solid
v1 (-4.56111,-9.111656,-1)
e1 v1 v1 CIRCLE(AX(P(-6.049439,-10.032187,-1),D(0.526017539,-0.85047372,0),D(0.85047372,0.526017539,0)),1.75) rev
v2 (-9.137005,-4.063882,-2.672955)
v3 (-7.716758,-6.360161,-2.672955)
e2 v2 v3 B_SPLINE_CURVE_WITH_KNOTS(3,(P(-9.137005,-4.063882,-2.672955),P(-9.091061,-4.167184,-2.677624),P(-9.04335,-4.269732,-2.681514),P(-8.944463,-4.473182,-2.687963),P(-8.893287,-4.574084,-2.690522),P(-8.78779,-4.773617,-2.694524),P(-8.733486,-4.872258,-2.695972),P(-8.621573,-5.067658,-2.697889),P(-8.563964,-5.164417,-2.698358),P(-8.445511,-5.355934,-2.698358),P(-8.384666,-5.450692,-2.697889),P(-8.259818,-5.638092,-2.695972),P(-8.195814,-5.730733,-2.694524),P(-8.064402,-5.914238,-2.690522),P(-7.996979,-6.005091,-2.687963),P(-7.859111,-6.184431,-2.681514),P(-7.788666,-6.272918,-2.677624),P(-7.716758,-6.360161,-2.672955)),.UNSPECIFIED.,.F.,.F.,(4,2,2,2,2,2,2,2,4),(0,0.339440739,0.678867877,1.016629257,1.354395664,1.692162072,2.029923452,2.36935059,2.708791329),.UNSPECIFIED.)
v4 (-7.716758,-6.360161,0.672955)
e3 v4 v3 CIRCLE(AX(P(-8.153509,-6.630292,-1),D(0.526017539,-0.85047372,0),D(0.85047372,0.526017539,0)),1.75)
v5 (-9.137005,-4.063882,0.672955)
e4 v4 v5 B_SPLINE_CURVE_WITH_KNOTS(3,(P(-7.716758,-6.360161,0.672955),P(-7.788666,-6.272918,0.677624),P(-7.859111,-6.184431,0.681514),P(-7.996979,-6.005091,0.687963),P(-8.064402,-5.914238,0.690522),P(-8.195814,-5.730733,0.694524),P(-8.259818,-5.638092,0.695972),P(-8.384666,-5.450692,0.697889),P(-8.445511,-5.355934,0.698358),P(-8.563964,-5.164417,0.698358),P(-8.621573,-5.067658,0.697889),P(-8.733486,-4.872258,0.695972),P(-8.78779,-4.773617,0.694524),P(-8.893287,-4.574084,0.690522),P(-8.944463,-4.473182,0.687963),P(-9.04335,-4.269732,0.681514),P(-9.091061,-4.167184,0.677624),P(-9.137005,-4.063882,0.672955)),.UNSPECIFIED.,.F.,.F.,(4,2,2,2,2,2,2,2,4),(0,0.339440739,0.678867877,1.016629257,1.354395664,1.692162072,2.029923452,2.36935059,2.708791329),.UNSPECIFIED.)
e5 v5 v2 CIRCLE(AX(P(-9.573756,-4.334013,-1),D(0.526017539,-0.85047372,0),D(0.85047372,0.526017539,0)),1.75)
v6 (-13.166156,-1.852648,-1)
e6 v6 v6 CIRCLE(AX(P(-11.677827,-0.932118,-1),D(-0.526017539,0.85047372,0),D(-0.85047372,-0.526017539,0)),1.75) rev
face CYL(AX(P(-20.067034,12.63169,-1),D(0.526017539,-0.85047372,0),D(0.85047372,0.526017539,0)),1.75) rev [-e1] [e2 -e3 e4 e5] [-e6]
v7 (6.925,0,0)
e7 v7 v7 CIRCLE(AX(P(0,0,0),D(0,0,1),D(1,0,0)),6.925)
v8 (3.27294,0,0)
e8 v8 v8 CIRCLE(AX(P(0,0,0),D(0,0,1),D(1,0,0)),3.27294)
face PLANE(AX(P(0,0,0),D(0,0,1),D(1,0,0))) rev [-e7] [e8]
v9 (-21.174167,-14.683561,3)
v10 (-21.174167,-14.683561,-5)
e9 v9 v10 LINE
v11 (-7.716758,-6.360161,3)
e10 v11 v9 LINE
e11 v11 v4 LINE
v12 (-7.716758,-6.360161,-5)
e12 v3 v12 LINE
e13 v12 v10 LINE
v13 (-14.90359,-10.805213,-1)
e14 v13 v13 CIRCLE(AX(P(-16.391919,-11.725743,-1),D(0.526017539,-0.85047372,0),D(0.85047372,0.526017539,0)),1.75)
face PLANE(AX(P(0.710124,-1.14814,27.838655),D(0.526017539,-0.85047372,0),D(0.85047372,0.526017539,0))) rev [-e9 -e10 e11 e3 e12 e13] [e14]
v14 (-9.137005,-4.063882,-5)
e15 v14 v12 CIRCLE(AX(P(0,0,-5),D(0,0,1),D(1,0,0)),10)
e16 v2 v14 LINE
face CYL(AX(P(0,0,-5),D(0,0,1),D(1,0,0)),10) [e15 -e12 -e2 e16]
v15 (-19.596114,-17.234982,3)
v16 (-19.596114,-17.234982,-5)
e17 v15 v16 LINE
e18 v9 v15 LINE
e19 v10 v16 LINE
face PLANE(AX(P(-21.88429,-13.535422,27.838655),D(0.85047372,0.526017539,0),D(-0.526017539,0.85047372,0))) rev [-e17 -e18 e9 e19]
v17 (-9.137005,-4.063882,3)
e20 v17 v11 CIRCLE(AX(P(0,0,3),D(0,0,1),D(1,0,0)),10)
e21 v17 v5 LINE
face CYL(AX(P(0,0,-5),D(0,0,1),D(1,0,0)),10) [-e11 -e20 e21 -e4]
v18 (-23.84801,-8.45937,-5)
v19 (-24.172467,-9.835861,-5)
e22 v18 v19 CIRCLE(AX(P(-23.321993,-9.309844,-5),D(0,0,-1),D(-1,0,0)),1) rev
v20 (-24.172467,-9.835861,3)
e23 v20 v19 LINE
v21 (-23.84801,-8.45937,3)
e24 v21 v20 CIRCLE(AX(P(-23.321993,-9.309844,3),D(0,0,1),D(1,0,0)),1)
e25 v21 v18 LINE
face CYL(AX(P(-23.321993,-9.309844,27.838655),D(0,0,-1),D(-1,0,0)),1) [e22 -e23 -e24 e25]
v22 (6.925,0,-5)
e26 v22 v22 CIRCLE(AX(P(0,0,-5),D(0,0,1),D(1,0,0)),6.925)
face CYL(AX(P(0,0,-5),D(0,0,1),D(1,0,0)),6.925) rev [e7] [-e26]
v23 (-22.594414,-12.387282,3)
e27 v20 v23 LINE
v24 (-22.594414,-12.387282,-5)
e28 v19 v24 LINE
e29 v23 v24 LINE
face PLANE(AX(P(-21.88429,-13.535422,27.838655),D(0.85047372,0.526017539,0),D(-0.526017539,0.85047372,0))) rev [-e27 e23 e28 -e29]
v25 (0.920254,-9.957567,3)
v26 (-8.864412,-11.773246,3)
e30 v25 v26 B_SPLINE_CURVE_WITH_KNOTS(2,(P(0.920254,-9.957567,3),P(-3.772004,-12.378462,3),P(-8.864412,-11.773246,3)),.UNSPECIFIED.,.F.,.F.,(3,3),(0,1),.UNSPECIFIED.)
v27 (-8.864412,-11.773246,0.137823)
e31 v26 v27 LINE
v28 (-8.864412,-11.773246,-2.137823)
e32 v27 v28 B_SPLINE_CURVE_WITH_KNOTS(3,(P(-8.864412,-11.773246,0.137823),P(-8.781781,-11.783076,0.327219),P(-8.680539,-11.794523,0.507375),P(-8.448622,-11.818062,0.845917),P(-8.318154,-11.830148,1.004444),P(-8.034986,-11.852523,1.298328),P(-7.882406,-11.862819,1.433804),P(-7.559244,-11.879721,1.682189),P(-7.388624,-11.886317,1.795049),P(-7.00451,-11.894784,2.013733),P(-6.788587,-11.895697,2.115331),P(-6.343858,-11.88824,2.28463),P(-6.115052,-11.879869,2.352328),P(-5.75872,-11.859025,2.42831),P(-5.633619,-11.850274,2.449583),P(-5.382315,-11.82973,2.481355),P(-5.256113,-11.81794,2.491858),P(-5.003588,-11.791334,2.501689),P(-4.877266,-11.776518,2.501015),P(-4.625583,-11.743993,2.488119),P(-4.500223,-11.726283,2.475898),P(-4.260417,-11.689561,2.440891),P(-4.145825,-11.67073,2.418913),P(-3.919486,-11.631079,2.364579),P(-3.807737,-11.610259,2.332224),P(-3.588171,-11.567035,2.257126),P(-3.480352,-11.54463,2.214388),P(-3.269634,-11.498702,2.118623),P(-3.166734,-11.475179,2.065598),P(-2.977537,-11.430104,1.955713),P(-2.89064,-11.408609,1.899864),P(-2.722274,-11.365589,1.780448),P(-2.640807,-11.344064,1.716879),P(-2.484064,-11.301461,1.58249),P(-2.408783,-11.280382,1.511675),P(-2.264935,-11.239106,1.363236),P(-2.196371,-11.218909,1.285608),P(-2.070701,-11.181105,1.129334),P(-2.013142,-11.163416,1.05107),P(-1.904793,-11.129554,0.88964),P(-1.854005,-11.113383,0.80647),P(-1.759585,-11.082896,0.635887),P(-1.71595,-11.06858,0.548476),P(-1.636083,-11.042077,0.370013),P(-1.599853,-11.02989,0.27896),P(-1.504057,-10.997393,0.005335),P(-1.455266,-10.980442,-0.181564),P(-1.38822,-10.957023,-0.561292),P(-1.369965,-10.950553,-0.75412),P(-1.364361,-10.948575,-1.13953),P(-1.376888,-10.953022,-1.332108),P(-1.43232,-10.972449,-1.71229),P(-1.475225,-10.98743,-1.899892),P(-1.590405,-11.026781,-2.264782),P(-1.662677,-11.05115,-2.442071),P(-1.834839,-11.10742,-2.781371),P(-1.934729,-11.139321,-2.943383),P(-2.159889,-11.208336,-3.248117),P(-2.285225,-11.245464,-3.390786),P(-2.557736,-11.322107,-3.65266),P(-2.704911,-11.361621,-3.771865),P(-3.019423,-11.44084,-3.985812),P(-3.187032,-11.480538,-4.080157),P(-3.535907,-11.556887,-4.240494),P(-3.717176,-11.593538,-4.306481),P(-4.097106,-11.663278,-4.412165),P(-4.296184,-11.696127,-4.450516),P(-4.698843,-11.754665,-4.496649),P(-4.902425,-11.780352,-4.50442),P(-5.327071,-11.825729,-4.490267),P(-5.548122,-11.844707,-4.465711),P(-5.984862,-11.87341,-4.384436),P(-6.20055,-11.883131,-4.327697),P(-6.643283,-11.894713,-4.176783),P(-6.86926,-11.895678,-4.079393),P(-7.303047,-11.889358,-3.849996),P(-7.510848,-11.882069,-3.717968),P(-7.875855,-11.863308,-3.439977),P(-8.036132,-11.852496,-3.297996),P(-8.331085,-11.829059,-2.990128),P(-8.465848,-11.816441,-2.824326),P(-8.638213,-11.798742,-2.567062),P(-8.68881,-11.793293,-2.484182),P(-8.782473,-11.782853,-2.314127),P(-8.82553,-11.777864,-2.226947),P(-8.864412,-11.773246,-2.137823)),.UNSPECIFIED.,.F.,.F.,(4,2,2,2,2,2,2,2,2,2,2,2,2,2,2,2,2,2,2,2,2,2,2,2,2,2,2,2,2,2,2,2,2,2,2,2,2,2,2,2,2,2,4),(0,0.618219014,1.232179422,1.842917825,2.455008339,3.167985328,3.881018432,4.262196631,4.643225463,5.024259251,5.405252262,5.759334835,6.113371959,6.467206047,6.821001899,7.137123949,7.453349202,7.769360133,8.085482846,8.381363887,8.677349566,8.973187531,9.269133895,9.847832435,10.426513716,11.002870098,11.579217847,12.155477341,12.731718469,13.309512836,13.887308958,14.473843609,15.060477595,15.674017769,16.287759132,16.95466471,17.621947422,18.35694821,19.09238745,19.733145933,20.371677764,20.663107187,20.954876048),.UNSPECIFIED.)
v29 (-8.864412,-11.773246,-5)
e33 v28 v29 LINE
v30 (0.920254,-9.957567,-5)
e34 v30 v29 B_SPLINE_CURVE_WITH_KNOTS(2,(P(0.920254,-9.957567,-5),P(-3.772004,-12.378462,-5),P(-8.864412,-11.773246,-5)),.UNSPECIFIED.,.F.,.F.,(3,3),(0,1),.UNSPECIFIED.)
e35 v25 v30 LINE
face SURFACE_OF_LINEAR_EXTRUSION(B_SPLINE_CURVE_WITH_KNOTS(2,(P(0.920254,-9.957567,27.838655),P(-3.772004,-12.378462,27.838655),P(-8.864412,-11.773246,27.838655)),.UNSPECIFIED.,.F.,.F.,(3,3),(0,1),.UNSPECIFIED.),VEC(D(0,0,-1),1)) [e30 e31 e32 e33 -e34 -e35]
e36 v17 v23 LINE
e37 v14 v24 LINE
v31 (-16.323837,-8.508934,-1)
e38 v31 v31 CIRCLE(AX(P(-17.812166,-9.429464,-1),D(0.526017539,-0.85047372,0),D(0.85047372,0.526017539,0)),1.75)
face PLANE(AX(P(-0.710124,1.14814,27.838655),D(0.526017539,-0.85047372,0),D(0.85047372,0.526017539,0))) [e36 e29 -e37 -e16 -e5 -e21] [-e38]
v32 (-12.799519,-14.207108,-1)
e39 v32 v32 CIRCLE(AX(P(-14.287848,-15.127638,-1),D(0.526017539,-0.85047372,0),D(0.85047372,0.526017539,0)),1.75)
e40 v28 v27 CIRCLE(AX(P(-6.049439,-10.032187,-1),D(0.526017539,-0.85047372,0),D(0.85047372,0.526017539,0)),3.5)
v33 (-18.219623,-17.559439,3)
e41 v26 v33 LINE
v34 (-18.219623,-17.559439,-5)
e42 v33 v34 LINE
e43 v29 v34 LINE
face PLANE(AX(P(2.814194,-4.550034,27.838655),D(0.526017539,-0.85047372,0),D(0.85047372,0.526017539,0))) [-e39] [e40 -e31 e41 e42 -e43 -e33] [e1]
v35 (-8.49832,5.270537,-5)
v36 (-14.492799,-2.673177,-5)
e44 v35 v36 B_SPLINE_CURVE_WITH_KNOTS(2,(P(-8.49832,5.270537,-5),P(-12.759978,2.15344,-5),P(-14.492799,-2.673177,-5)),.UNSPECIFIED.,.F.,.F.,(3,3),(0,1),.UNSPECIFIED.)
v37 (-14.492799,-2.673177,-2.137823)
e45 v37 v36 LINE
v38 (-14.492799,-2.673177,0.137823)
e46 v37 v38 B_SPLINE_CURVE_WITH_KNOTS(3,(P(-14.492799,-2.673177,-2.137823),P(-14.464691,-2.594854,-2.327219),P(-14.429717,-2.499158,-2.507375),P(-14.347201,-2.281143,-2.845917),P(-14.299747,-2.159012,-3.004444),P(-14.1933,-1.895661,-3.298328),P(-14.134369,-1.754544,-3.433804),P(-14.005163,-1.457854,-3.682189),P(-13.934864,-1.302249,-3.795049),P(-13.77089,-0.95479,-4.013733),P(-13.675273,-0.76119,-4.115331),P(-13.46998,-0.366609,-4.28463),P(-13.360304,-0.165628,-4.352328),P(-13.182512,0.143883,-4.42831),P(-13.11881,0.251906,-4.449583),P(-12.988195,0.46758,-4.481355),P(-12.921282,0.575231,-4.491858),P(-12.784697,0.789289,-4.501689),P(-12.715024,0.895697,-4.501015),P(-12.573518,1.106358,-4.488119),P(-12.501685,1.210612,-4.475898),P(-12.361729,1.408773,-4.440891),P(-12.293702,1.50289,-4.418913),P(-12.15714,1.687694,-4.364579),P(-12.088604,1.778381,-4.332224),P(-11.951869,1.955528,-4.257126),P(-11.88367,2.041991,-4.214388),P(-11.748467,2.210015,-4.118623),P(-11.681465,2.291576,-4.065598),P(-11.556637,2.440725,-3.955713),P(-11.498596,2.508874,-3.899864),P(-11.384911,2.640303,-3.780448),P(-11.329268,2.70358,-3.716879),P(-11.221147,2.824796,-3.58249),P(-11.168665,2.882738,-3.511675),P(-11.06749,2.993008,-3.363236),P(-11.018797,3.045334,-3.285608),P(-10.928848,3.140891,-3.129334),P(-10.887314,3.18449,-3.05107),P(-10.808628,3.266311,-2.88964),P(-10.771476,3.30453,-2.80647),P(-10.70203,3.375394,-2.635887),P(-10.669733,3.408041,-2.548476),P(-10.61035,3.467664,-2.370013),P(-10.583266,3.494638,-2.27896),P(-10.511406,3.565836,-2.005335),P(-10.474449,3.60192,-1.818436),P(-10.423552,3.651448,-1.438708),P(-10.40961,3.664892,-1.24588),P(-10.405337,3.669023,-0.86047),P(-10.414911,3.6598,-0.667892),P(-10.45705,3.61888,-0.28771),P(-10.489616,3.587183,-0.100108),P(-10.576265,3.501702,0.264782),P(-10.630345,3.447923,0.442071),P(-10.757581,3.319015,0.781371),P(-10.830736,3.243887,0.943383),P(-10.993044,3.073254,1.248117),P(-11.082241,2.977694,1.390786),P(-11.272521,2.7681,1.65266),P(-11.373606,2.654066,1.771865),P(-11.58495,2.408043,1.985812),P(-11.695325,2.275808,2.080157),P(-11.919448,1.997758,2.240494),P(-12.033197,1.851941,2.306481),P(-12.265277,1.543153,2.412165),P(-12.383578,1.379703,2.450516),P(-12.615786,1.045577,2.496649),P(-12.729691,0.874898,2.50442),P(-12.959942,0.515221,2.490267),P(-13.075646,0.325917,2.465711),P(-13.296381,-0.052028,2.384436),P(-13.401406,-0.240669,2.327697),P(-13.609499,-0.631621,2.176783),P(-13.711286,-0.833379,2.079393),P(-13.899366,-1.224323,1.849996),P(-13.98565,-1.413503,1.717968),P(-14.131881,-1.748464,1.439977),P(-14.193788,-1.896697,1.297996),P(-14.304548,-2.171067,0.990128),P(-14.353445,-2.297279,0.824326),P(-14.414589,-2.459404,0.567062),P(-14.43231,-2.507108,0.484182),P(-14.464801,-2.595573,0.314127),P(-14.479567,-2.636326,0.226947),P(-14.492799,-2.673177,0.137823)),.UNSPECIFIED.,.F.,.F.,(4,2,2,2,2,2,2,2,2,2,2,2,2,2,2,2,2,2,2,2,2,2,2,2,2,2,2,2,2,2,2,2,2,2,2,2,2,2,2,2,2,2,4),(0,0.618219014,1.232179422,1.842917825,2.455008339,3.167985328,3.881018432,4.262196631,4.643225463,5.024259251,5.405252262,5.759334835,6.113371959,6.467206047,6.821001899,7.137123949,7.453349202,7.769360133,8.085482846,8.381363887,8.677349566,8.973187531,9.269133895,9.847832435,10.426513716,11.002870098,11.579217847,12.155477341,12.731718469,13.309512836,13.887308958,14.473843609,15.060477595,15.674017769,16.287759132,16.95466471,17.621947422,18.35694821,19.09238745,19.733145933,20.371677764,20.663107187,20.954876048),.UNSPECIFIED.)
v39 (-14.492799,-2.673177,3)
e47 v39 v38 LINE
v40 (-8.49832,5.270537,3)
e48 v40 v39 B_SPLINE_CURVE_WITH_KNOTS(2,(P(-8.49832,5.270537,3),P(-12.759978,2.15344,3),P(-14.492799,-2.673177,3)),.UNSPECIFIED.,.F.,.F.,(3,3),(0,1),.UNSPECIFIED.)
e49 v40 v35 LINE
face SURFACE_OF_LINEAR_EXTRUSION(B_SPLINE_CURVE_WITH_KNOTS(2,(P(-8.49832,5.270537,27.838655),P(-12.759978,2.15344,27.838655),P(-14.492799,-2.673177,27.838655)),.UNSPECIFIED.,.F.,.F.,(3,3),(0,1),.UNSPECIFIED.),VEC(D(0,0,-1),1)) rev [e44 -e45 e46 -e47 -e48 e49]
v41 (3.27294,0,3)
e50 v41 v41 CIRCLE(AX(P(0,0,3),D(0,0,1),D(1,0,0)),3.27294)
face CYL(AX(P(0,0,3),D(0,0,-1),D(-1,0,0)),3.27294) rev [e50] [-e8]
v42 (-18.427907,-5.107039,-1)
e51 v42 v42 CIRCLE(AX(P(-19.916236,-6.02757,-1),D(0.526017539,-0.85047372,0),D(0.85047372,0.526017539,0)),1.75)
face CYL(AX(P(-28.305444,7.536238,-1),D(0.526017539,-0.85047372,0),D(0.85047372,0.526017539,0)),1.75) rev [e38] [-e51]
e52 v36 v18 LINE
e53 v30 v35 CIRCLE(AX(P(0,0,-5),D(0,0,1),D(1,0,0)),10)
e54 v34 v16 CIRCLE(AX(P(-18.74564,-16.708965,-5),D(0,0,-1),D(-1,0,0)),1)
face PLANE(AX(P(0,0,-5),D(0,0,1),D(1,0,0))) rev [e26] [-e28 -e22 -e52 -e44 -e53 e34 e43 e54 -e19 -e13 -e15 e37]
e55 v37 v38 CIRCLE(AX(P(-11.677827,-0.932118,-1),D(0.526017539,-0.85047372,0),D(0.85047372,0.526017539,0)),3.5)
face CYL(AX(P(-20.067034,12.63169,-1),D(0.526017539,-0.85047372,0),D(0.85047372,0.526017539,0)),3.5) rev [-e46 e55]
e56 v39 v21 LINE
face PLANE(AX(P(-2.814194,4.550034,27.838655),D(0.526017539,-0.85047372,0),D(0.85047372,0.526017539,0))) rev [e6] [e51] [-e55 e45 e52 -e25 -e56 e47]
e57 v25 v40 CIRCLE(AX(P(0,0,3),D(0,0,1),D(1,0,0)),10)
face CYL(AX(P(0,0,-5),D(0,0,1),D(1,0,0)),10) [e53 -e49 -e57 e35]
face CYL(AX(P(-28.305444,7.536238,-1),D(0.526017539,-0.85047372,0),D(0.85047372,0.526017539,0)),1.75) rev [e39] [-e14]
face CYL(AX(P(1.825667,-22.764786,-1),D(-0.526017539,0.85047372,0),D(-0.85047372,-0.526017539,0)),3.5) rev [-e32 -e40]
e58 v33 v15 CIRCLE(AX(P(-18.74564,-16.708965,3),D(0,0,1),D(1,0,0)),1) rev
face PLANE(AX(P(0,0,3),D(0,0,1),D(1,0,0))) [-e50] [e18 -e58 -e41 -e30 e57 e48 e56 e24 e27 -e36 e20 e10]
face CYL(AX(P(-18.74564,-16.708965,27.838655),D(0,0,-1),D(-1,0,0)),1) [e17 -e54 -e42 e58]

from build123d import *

# Parameters (mm, degrees)
SKETCH1_R               = 10
SKETCH1_R_2             = 6.925
BOSS_EXTRUDE1_DEPTH     = 5
BOSS_EXTRUDE2_START     = 3
SKETCH3_R               = 10
SKETCH3_R_2             = 3.272939667
BOSS_EXTRUDE2_DEPTH     = 3
BOSS_EXTRUDE3_START     = -8
BOSS_EXTRUDE3_DEPTH     = 8
CUT_EXTRUDE1_DEPTH      = 32.194168296
CUT_EXTRUDE1_DEPTH_BACK = 32.194168296
SKETCH5_R               = 1.75
SKETCH6_R               = 3.5
CUT_EXTRUDE2_DEPTH      = 32.194168296


with BuildPart() as part:
    # Sketch1 → Boss-Extrude1 (new body)
    with BuildSketch(Plane.XY):
        Circle(SKETCH1_R)
        Circle(SKETCH1_R_2, mode=Mode.SUBTRACT)
    extrude(amount=-BOSS_EXTRUDE1_DEPTH)

    # Sketch3 → Boss-Extrude2 (add)
    with BuildSketch(Plane.XY.offset(BOSS_EXTRUDE2_START)):
        Circle(SKETCH3_R)
        Circle(SKETCH3_R_2, mode=Mode.SUBTRACT)
    extrude(amount=-BOSS_EXTRUDE2_DEPTH)

    # Sketch4 → Boss-Extrude3 (add)
    with BuildSketch(Plane(origin=(0, 0, -5), x_dir=(-1, 0, 0), z_dir=(0, 0, -1)).offset(BOSS_EXTRUDE3_START)):
        with BuildLine():
            add(Edge.make_bspline(
                [(8.498319818, 5.270537), (12.759977843, 2.15344034), (14.492799423, -2.673176889)],
                knots=[0, 0, 0, 1, 1, 1], degree=2))
            ThreePointArc((8.498319818, 5.270537), (9.617255278, 2.740146147), (10, 0))
            ThreePointArc((10, 0), (9.78187229, -2.077251673), (9.137005098, -4.063882115))
            Line((9.137005098, -4.063882115), (22.594413904, -12.387282242))
            Line((22.594413904, -12.387282242), (24.172466522, -9.835861082))
            ThreePointArc((24.172466522, -9.835861082), (24.295319106, -9.080418377), (23.848010342, -8.459369823))
            Line((23.848010342, -8.459369823), (14.492799423, -2.673176889))
        make_face()
        with BuildLine():
            add(Edge.make_bspline(
                [(-0.920254083, -9.957566591), (3.772003923, -12.378462192), (8.864411751, -11.773245691)],
                knots=[0, 0, 0, 1, 1, 1], degree=2))
            Line((8.864411751, -11.773245691), (18.219622669, -17.559438625))
            ThreePointArc((18.219622669, -17.559438625), (18.975065374, -17.682291209), (19.596113929, -17.234982445))
            Line((19.596113929, -17.234982445), (21.174166547, -14.683561285))
            Line((21.174166547, -14.683561285), (7.716757741, -6.360161159))
            ThreePointArc((7.716757741, -6.360161159), (3.844924831, -9.231281224), (-0.920254083, -9.957566591))
        make_face()
    extrude(amount=BOSS_EXTRUDE3_DEPTH)

    # Sketch5 → Cut-Extrude1 (cut, two sides: drawn at the far end of the back side and taken through both)
    with BuildSketch(Plane(origin=(2.814193836, -4.550034401, 0), x_dir=(0.8504737198659906, 0.526017539457863, 0), z_dir=(0.526017539457863, -0.8504737198659906, 0)).offset(-CUT_EXTRUDE1_DEPTH_BACK)):
        with Locations((-10.421994874, -1)):
            Circle(SKETCH5_R)
        with Locations((-20.108842695, -1)):
            Circle(SKETCH5_R)
    extrude(amount=CUT_EXTRUDE1_DEPTH + CUT_EXTRUDE1_DEPTH_BACK, mode=Mode.SUBTRACT)

    # Sketch6 → Cut-Extrude2 (cut, through all)
    with BuildSketch(Plane(origin=(2.814193836, -4.550034401, 0), x_dir=(0.8504737198659906, 0.526017539457863, 0), z_dir=(0.526017539457863, -0.8504737198659906, 0))):
        with Locations((-10.421994874, -1)):
            Circle(SKETCH6_R)
    cut_extrude2 = extrude(amount=CUT_EXTRUDE2_DEPTH, mode=Mode.SUBTRACT)

    # Mirror1: Cut-Extrude2 across plane
    add(cut_extrude2.mirror(Plane(origin=(0, 0, 0), x_dir=(0, 0, 1), z_dir=(0.526017539457863, -0.8504737198659906, 0))), mode=Mode.SUBTRACT)


solid = part.part
